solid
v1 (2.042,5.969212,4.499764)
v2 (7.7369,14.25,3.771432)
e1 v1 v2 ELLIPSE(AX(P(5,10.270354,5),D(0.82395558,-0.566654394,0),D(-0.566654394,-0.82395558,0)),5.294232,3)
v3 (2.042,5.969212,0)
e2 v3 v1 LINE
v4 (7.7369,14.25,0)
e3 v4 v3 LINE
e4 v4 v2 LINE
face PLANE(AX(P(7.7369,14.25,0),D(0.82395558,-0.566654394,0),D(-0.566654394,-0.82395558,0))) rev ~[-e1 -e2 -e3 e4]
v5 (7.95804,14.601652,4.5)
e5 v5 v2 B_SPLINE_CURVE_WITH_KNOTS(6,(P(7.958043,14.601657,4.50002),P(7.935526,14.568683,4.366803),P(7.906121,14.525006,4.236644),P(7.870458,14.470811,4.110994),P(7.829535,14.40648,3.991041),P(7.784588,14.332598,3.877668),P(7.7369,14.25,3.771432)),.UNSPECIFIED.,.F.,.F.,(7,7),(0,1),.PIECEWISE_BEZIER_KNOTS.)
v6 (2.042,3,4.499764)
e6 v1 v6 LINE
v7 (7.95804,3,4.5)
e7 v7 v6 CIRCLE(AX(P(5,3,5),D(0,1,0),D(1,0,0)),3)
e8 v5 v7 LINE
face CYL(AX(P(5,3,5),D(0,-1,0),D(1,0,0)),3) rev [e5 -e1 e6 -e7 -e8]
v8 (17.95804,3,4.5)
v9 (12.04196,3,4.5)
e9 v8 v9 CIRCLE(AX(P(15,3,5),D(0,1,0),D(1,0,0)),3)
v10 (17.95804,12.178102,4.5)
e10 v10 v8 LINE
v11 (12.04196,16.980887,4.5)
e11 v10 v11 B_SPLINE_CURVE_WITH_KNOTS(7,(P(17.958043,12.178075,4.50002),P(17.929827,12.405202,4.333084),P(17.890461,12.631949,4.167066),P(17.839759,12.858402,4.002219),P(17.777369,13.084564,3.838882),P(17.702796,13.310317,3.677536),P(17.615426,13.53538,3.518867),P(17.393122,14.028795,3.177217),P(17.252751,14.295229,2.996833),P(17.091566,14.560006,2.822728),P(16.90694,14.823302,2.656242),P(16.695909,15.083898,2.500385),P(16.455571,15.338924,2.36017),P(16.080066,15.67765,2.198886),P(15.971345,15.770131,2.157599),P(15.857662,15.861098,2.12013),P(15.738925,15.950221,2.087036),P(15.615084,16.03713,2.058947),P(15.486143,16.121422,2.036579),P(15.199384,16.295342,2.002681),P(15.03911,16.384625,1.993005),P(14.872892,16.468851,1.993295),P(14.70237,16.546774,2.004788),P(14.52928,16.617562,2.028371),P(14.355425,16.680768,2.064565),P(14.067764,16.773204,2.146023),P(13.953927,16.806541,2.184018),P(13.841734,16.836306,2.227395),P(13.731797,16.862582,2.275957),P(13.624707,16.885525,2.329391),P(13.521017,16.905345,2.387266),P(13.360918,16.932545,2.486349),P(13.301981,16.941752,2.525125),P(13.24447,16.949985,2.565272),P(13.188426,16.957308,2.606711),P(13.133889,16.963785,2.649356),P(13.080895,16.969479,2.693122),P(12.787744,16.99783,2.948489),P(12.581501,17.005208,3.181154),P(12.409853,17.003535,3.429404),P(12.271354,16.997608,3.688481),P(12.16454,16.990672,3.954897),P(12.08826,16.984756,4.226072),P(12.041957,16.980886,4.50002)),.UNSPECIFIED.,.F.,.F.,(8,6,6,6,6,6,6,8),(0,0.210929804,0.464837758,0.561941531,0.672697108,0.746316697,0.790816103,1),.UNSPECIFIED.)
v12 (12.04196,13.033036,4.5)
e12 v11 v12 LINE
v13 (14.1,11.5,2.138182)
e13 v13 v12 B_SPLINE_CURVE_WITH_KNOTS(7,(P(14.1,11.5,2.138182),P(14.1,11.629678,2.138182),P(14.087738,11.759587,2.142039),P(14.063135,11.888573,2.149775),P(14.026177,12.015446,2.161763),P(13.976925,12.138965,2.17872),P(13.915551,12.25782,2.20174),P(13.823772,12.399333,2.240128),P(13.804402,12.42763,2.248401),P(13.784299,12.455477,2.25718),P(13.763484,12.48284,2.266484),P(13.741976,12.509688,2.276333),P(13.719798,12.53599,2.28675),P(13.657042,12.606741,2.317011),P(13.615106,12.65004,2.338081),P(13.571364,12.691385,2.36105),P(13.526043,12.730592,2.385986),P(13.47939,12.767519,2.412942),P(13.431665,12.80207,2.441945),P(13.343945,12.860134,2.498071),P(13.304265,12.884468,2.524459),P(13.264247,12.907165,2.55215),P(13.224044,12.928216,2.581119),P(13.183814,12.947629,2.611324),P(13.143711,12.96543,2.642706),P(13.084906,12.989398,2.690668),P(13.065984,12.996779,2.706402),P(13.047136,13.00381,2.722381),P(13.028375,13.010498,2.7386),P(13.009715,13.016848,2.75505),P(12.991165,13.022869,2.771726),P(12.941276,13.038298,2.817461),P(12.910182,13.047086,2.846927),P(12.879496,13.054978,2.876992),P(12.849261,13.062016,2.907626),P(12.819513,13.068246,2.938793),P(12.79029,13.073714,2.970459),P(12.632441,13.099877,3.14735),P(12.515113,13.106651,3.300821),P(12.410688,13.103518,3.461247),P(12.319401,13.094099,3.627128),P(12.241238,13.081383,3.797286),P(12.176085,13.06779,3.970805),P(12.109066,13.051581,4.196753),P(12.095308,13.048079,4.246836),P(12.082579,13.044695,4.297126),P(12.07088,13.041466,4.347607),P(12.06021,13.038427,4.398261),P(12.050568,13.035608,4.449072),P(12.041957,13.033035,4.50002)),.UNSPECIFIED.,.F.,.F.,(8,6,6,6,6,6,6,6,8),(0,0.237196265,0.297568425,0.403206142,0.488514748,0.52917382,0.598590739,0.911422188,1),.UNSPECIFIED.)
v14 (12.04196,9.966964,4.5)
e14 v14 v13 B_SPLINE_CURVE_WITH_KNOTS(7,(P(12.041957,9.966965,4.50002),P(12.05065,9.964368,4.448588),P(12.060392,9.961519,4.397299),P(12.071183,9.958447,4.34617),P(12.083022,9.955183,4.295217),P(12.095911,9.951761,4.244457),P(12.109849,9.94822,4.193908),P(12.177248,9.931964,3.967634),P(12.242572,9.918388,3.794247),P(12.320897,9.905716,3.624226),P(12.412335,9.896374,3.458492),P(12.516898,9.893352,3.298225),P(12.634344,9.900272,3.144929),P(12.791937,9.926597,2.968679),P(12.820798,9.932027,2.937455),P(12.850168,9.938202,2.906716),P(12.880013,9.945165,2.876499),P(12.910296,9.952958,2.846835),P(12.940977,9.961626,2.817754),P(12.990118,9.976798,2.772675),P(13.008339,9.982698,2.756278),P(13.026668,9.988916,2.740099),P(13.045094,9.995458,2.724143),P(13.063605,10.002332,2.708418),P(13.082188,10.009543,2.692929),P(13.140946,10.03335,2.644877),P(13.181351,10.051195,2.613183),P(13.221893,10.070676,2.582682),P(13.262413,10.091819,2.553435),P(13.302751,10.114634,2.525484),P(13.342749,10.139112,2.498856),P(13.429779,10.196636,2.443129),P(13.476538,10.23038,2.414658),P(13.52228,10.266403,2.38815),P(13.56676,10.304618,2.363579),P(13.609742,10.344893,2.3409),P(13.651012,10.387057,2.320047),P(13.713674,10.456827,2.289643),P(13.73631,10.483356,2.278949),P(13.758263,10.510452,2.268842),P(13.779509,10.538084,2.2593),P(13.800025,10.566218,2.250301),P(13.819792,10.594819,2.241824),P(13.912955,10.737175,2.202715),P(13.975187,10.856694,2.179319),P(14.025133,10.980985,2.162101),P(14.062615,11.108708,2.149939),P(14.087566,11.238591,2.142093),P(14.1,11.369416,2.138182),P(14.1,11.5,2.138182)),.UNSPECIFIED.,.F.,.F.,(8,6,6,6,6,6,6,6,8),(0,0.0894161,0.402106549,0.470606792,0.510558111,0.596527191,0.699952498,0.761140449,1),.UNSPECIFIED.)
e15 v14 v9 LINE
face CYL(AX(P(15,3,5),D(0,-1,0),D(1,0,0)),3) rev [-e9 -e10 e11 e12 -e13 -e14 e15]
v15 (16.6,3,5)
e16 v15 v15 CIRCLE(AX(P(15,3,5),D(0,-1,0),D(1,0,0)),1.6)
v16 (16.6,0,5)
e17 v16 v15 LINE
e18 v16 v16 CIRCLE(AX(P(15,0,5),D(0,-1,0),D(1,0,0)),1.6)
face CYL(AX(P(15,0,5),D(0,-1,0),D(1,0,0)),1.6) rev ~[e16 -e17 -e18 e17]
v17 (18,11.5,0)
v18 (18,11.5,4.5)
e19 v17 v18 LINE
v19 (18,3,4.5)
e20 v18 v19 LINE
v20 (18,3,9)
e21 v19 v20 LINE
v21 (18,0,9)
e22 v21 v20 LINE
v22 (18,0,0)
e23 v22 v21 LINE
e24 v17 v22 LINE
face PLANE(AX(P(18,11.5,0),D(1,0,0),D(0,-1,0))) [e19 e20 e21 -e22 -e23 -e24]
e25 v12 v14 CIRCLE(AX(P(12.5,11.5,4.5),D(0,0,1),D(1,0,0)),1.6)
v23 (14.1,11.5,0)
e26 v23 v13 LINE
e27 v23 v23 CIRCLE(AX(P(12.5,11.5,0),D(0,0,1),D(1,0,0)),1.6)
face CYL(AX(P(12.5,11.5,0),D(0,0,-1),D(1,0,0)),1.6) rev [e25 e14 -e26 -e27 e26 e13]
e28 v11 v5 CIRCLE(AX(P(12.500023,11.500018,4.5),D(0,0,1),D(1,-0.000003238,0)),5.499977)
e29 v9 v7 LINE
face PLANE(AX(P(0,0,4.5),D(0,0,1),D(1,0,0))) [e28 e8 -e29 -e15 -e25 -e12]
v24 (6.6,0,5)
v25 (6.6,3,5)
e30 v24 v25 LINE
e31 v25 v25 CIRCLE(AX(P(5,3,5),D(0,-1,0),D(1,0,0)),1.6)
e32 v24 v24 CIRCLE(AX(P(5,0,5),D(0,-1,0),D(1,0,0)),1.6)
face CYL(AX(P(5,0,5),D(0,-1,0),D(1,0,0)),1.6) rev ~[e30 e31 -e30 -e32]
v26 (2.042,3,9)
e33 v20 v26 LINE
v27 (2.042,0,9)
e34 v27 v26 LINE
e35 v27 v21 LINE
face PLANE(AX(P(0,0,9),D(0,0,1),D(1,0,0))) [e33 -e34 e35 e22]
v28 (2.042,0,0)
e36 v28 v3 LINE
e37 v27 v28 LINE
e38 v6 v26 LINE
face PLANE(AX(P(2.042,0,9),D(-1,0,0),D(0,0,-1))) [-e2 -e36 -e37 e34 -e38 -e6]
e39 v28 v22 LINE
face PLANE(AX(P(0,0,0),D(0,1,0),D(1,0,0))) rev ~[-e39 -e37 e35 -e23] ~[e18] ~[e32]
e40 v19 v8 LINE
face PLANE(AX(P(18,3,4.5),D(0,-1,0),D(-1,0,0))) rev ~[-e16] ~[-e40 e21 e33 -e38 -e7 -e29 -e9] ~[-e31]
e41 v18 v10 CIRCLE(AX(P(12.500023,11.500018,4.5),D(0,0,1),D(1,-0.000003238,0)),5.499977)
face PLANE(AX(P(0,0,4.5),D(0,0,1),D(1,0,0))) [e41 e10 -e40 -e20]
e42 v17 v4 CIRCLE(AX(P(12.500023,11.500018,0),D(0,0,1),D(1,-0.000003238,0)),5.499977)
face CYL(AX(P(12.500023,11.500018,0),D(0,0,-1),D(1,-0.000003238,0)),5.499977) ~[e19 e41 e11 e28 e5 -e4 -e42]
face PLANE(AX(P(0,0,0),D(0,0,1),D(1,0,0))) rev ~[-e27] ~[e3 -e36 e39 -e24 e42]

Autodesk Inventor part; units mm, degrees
ref_plane "YZ Plane" through (0, 0, 0) normal (1, 0, 0) x (0, 1, 0)
ref_plane "XZ Plane" through (0, 0, 0) normal (0, 1, 0) x (-1, 0, 0)
ref_plane "XY Plane" through (0, 0, 0) normal (0, 0, 1) x (1, 0, 0)
sketch "Sketch1" plane through (0, 0, 0) normal (0, 0, 1) x (1, 0, 0)
  circle A0 centre (12.5, 11.5) radius 1.6
  line L0 (0, 0) -> (18, 0)
  line L1 (0, 0) -> (0, 3)
  arc A1 (18, 11.5) -> (7.7369, 14.25) centre (12.5, 11.5) ccw
  line L2 (12.5, 11.5) -> (7.7369, 14.25) construction
  line L3 (12.5, 11.5) -> (18, 11.5) construction
  line L4 (7.7369, 14.25) -> (0, 3)
  line L5 (18, 11.5) -> (18, 0)
  dimension "d17" = 3
  dimension "d19" = 11.5
  dimension "d23" = 90
  dimension "d25" = 12.5
  dimension "d31" = 5.5
  dimension "d32" = 150
  dimension "d49" = 3.2
extrude "Extrusion1" add sketch "Sketch1" along normal blind 4.5
sketch "Sketch4" plane through (0, 0, 4.5) normal (0, 0, 1) x (1, 0, 0)
  line L0 (0, 3) -> (0, 0) projected
  line L1 (18, 0) -> (18, 3)
  line L2 (0, 0) -> (18, 0)
  line L3 (18, 0) -> (18, 3)
  line L4 (18, 3) -> (0, 3)
  line L5 (0, 3) -> (0, 0)
  line L6 (18, 0) -> (18, 11.5) projected
extrude "Extrusion2" add sketch "Sketch4" along normal blind 4.5
sketch "Sketch5" plane through (0, 0, 0) normal (0, -1, 0) x (1, 0, 0)
  circle A0 centre (5, 5) radius 1.6
  circle A1 centre (15, 5) radius 1.6
  line L0 (0, 0) -> (18, 0) projected
  point P0 (20.0001, 0)
  dimension "d13" = 3.2
  dimension "d14" = 3.2
  dimension "d38" = 5
  dimension "d39" = 5
extrude "Extrusion3" cut sketch "Sketch5" against normal through all
sketch "Sketch6" plane through (0, 3, 9) normal (0, 1, 0) x (1, 0, 0)
  circle A0 centre (5, 4) radius 1.6 projected
  circle A1 centre (5, 4) radius 3
  circle A2 centre (15, 4) radius 1.6 projected
  circle A3 centre (15, 4) radius 3
  line L0 (0, 9) -> (18, 9) projected
  point P0 (20.0001, 9)
  dimension "d34" = 6
  dimension "d35" = 6
  dimension "d40" = 5
  dimension "d41" = 5
extrude "Extrusion4" cut sketch "Sketch6" along normal up to next
sketch "Sketch7" plane through (0, 0, 0) normal (0, -1, 0) x (1, 0, 0)
  line L0 (0, 0) -> (0, 9) projected
  line L1 (2.042, 0) -> (0, 0)
  line L2 (0, 0) -> (0, 9)
  line L3 (0, 9) -> (2.042, 9)
  line L4 (2.042, 9) -> (2.042, 0)
extrude "Extrusion5" cut sketch "Sketch7" against normal up to next
properties part number "lower_deck_shaft_mount_v3_for_AD"
